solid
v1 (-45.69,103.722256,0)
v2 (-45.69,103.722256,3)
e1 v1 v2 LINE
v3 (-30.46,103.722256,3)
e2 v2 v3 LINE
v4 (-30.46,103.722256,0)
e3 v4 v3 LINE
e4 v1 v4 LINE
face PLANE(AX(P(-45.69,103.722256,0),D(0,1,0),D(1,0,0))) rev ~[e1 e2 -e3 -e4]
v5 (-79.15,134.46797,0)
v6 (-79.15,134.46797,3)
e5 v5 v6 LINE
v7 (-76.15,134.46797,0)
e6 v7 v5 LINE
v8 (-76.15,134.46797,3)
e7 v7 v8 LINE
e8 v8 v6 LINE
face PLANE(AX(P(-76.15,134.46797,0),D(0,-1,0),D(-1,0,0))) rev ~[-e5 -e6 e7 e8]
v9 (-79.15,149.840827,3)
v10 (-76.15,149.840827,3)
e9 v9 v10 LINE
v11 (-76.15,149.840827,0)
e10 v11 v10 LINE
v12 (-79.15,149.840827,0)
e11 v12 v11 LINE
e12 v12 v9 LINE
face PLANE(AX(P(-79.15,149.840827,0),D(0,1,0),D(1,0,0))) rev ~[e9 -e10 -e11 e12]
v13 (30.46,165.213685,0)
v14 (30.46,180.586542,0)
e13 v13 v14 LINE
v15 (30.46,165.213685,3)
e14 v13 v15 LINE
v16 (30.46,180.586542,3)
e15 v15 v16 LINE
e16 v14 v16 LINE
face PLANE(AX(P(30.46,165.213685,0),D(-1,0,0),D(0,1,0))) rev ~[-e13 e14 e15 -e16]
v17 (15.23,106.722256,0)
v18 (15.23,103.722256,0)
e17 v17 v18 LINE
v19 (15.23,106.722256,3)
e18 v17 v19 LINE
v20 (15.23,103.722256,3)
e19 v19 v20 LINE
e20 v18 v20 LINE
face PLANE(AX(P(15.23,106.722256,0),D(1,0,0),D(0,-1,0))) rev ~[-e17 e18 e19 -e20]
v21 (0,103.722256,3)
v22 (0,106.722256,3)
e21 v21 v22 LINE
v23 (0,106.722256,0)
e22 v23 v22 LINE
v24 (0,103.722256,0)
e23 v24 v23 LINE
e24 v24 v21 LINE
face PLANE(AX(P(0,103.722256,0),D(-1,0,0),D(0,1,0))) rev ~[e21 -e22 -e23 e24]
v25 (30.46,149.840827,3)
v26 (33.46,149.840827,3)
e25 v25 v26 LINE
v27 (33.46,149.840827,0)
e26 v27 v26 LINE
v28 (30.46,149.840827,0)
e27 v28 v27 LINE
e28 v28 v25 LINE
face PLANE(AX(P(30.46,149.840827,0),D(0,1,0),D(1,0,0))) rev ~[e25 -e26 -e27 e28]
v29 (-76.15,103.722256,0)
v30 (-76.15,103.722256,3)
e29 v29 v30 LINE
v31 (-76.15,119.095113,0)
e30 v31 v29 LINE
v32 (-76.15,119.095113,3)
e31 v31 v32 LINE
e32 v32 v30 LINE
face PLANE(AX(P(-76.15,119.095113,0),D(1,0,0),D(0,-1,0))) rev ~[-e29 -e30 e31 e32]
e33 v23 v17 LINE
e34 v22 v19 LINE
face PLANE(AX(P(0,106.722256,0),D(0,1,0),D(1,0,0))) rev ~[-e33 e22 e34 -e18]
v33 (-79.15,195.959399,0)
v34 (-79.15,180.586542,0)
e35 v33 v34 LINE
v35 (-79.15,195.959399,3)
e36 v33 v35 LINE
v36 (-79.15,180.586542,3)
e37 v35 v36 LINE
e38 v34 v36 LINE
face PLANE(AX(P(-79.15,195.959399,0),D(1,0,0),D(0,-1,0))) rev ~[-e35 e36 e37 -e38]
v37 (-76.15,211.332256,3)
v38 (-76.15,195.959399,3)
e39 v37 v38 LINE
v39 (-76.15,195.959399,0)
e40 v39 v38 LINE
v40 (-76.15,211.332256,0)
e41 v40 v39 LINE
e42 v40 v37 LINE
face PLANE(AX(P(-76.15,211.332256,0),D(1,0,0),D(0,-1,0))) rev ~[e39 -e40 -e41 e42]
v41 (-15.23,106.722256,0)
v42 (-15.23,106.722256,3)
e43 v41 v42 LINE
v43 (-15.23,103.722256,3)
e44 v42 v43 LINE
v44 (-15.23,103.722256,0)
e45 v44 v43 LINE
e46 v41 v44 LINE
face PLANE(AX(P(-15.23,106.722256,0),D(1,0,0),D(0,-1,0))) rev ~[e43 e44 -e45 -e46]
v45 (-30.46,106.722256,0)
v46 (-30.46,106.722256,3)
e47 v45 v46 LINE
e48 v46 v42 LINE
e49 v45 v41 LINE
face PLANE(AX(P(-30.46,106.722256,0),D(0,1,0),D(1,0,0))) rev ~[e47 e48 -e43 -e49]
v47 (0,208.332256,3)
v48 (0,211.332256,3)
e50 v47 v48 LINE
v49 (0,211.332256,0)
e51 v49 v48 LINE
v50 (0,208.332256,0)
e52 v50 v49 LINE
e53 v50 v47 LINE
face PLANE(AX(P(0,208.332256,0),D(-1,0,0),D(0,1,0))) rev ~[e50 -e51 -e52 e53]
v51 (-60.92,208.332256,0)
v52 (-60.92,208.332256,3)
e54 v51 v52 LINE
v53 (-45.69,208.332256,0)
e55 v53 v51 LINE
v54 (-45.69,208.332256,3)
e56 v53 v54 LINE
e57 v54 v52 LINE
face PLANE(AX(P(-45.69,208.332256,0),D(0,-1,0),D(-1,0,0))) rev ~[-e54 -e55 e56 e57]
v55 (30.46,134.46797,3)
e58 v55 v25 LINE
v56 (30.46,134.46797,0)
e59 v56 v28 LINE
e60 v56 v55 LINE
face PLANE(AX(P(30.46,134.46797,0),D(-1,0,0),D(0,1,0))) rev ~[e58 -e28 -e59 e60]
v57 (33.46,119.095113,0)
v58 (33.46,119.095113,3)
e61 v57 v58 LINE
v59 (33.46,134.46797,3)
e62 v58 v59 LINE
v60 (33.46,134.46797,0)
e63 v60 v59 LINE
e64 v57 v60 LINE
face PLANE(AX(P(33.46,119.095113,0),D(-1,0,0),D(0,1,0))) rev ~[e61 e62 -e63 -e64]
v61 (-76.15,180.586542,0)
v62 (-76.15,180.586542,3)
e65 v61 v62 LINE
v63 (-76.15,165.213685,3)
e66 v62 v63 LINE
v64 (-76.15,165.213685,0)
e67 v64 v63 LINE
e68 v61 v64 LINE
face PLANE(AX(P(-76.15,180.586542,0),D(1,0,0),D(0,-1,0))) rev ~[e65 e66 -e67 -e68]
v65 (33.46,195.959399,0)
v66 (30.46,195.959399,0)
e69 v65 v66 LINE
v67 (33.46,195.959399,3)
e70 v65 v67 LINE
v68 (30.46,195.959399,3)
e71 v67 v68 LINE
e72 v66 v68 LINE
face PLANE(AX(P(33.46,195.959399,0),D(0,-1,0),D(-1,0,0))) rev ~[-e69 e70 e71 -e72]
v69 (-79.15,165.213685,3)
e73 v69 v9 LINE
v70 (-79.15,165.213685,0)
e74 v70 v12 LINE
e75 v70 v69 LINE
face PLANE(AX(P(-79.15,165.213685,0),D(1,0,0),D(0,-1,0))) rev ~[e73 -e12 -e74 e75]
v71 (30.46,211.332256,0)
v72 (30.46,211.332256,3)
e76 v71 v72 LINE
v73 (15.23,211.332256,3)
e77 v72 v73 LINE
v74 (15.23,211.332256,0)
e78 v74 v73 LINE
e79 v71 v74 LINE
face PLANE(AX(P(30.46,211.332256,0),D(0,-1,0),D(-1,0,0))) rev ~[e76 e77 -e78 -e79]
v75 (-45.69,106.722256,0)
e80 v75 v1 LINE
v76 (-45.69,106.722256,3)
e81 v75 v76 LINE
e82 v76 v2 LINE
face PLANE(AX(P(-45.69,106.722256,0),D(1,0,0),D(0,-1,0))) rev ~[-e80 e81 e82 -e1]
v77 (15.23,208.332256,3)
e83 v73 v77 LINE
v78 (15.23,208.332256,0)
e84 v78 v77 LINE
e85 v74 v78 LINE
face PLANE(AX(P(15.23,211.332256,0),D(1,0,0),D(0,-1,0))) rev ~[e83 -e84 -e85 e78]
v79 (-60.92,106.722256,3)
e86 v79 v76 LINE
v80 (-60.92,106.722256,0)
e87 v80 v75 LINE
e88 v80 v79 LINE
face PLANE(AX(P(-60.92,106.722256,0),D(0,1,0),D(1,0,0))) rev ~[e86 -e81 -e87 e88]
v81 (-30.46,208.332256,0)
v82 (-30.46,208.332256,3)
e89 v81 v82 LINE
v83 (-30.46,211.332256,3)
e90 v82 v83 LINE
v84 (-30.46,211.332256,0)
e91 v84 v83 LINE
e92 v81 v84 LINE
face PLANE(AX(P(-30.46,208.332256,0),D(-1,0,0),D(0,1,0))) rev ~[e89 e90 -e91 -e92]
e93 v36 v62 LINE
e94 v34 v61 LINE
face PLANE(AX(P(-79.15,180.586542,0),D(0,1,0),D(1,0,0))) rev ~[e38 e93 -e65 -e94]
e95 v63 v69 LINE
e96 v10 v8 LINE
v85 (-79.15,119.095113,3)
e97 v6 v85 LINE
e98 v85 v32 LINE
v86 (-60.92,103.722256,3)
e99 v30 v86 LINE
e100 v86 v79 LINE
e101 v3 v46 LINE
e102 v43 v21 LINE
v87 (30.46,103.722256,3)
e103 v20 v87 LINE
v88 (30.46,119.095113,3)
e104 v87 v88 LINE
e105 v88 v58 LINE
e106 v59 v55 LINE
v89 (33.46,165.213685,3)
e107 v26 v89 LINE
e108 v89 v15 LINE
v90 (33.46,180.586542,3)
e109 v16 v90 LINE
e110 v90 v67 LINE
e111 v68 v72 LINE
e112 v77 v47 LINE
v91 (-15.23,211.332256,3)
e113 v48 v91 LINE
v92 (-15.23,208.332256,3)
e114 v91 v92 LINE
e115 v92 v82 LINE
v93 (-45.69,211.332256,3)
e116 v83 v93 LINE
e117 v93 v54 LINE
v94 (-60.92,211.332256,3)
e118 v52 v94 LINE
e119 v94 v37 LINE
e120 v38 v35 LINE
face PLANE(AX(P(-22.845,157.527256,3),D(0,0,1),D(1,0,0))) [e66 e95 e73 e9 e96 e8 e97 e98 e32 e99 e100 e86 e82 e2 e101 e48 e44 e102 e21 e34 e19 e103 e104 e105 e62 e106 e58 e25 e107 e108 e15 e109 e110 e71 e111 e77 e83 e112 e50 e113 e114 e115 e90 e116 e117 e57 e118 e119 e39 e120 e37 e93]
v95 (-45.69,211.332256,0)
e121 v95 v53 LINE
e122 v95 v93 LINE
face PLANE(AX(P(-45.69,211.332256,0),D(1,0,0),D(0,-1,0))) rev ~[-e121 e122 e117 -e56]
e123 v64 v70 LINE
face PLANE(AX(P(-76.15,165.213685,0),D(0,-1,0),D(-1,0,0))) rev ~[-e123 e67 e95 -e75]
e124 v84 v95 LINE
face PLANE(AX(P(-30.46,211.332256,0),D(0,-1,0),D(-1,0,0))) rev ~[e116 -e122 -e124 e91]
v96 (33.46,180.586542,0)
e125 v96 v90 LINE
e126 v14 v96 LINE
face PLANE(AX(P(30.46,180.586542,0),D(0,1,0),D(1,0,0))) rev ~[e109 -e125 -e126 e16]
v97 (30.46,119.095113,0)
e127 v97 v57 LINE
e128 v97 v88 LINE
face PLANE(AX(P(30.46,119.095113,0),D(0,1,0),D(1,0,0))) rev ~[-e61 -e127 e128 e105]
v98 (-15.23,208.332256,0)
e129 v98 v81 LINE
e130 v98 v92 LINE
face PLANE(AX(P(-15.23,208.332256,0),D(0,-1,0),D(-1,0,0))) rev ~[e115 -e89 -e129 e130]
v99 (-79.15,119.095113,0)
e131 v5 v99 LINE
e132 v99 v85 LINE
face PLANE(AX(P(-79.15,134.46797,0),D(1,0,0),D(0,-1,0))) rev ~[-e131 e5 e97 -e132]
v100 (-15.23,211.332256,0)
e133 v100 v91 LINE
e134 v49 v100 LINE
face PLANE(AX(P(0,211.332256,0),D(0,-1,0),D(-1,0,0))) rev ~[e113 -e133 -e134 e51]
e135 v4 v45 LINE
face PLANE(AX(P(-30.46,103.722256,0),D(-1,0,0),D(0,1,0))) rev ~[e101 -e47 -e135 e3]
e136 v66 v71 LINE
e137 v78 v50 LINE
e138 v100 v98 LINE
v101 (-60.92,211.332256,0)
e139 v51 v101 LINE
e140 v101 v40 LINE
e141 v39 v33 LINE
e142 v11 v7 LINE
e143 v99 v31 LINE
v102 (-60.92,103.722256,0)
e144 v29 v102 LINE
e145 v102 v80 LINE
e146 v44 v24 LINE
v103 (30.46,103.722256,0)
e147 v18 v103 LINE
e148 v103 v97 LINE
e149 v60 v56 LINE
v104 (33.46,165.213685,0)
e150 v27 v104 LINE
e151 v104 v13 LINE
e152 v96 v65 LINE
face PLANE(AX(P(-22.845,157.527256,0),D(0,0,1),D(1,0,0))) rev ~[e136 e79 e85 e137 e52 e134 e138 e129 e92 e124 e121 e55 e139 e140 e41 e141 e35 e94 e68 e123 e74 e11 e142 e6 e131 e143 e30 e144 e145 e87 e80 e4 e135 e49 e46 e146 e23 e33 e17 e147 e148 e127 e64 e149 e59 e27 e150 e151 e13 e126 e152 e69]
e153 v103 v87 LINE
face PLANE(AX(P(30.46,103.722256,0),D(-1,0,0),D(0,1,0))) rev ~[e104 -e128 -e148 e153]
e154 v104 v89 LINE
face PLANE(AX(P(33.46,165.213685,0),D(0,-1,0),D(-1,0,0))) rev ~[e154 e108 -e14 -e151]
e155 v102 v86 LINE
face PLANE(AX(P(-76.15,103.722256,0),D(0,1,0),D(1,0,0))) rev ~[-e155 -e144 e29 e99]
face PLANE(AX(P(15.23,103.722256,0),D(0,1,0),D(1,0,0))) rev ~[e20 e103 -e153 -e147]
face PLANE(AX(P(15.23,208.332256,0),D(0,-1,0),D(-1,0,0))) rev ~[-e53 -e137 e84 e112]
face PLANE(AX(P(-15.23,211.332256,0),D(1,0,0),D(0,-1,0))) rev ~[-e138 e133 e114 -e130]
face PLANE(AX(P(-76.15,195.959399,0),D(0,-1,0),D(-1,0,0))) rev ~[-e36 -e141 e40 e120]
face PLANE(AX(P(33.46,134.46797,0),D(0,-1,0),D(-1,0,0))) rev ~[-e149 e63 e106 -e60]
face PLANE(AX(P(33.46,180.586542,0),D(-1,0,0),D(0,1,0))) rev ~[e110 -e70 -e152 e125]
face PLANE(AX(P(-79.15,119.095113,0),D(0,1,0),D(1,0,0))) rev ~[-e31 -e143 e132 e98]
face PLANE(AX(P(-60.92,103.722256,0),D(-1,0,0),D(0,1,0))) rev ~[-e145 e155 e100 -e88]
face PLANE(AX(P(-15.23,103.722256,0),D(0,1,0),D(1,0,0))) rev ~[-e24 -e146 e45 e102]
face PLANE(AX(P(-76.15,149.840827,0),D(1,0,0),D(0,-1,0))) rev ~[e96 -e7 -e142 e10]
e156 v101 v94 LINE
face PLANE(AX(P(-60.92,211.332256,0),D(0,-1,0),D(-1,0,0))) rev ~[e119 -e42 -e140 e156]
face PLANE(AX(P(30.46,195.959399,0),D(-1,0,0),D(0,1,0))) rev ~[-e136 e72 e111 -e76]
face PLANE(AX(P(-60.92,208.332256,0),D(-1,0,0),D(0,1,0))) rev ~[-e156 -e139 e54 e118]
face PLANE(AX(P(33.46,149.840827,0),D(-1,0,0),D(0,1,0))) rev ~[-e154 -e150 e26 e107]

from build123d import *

# Parameters (mm, degrees)
SALIENTE_EXTRUIR1_DEPTH = 3


with BuildPart() as part:
    # Croquis1 → Saliente-Extruir1 (new body)
    with BuildSketch(Plane.XY):
        Polygon((-76.15, 211.332256054), (-76.15, 195.959398911), (-79.15, 195.959398911), (-79.15, 180.586541769), (-76.15, 180.586541769), (-76.15, 165.213684626), (-79.15, 165.213684626), (-79.15, 149.840827483), (-76.15, 149.840827483), (-76.15, 134.46797034), (-79.15, 134.46797034), (-79.15, 119.095113197), (-76.15, 119.095113197), (-76.15, 106.722256054), (-76.15, 103.722256054), (-60.92, 103.722256054), (-60.92, 106.722256054), (-45.69, 106.722256054), (-45.69, 103.722256054), (-30.46, 103.722256054), (-30.46, 106.722256054), (-15.23, 106.722256054), (-15.23, 103.722256054), (0, 103.722256054), (0, 106.722256054), (15.23, 106.722256054), (15.23, 103.722256054), (30.46, 103.722256054), (30.46, 106.722256054), (30.46, 119.095113197), (33.46, 119.095113197), (33.46, 134.46797034), (30.46, 134.46797034), (30.46, 149.840827483), (33.46, 149.840827483), (33.46, 165.213684626), (30.46, 165.213684626), (30.46, 180.586541769), (33.46, 180.586541769), (33.46, 195.959398911), (30.46, 195.959398911), (30.46, 211.332256054), (15.23, 211.332256054), (15.23, 208.332256054), (0, 208.332256054), (0, 211.332256054), (-15.23, 211.332256054), (-15.23, 208.332256054), (-30.46, 208.332256054), (-30.46, 211.332256054), (-45.69, 211.332256054), (-45.69, 208.332256054), (-60.92, 208.332256054), (-60.92, 211.332256054), align=None)
    extrude(amount=SALIENTE_EXTRUIR1_DEPTH)


solid = part.part
